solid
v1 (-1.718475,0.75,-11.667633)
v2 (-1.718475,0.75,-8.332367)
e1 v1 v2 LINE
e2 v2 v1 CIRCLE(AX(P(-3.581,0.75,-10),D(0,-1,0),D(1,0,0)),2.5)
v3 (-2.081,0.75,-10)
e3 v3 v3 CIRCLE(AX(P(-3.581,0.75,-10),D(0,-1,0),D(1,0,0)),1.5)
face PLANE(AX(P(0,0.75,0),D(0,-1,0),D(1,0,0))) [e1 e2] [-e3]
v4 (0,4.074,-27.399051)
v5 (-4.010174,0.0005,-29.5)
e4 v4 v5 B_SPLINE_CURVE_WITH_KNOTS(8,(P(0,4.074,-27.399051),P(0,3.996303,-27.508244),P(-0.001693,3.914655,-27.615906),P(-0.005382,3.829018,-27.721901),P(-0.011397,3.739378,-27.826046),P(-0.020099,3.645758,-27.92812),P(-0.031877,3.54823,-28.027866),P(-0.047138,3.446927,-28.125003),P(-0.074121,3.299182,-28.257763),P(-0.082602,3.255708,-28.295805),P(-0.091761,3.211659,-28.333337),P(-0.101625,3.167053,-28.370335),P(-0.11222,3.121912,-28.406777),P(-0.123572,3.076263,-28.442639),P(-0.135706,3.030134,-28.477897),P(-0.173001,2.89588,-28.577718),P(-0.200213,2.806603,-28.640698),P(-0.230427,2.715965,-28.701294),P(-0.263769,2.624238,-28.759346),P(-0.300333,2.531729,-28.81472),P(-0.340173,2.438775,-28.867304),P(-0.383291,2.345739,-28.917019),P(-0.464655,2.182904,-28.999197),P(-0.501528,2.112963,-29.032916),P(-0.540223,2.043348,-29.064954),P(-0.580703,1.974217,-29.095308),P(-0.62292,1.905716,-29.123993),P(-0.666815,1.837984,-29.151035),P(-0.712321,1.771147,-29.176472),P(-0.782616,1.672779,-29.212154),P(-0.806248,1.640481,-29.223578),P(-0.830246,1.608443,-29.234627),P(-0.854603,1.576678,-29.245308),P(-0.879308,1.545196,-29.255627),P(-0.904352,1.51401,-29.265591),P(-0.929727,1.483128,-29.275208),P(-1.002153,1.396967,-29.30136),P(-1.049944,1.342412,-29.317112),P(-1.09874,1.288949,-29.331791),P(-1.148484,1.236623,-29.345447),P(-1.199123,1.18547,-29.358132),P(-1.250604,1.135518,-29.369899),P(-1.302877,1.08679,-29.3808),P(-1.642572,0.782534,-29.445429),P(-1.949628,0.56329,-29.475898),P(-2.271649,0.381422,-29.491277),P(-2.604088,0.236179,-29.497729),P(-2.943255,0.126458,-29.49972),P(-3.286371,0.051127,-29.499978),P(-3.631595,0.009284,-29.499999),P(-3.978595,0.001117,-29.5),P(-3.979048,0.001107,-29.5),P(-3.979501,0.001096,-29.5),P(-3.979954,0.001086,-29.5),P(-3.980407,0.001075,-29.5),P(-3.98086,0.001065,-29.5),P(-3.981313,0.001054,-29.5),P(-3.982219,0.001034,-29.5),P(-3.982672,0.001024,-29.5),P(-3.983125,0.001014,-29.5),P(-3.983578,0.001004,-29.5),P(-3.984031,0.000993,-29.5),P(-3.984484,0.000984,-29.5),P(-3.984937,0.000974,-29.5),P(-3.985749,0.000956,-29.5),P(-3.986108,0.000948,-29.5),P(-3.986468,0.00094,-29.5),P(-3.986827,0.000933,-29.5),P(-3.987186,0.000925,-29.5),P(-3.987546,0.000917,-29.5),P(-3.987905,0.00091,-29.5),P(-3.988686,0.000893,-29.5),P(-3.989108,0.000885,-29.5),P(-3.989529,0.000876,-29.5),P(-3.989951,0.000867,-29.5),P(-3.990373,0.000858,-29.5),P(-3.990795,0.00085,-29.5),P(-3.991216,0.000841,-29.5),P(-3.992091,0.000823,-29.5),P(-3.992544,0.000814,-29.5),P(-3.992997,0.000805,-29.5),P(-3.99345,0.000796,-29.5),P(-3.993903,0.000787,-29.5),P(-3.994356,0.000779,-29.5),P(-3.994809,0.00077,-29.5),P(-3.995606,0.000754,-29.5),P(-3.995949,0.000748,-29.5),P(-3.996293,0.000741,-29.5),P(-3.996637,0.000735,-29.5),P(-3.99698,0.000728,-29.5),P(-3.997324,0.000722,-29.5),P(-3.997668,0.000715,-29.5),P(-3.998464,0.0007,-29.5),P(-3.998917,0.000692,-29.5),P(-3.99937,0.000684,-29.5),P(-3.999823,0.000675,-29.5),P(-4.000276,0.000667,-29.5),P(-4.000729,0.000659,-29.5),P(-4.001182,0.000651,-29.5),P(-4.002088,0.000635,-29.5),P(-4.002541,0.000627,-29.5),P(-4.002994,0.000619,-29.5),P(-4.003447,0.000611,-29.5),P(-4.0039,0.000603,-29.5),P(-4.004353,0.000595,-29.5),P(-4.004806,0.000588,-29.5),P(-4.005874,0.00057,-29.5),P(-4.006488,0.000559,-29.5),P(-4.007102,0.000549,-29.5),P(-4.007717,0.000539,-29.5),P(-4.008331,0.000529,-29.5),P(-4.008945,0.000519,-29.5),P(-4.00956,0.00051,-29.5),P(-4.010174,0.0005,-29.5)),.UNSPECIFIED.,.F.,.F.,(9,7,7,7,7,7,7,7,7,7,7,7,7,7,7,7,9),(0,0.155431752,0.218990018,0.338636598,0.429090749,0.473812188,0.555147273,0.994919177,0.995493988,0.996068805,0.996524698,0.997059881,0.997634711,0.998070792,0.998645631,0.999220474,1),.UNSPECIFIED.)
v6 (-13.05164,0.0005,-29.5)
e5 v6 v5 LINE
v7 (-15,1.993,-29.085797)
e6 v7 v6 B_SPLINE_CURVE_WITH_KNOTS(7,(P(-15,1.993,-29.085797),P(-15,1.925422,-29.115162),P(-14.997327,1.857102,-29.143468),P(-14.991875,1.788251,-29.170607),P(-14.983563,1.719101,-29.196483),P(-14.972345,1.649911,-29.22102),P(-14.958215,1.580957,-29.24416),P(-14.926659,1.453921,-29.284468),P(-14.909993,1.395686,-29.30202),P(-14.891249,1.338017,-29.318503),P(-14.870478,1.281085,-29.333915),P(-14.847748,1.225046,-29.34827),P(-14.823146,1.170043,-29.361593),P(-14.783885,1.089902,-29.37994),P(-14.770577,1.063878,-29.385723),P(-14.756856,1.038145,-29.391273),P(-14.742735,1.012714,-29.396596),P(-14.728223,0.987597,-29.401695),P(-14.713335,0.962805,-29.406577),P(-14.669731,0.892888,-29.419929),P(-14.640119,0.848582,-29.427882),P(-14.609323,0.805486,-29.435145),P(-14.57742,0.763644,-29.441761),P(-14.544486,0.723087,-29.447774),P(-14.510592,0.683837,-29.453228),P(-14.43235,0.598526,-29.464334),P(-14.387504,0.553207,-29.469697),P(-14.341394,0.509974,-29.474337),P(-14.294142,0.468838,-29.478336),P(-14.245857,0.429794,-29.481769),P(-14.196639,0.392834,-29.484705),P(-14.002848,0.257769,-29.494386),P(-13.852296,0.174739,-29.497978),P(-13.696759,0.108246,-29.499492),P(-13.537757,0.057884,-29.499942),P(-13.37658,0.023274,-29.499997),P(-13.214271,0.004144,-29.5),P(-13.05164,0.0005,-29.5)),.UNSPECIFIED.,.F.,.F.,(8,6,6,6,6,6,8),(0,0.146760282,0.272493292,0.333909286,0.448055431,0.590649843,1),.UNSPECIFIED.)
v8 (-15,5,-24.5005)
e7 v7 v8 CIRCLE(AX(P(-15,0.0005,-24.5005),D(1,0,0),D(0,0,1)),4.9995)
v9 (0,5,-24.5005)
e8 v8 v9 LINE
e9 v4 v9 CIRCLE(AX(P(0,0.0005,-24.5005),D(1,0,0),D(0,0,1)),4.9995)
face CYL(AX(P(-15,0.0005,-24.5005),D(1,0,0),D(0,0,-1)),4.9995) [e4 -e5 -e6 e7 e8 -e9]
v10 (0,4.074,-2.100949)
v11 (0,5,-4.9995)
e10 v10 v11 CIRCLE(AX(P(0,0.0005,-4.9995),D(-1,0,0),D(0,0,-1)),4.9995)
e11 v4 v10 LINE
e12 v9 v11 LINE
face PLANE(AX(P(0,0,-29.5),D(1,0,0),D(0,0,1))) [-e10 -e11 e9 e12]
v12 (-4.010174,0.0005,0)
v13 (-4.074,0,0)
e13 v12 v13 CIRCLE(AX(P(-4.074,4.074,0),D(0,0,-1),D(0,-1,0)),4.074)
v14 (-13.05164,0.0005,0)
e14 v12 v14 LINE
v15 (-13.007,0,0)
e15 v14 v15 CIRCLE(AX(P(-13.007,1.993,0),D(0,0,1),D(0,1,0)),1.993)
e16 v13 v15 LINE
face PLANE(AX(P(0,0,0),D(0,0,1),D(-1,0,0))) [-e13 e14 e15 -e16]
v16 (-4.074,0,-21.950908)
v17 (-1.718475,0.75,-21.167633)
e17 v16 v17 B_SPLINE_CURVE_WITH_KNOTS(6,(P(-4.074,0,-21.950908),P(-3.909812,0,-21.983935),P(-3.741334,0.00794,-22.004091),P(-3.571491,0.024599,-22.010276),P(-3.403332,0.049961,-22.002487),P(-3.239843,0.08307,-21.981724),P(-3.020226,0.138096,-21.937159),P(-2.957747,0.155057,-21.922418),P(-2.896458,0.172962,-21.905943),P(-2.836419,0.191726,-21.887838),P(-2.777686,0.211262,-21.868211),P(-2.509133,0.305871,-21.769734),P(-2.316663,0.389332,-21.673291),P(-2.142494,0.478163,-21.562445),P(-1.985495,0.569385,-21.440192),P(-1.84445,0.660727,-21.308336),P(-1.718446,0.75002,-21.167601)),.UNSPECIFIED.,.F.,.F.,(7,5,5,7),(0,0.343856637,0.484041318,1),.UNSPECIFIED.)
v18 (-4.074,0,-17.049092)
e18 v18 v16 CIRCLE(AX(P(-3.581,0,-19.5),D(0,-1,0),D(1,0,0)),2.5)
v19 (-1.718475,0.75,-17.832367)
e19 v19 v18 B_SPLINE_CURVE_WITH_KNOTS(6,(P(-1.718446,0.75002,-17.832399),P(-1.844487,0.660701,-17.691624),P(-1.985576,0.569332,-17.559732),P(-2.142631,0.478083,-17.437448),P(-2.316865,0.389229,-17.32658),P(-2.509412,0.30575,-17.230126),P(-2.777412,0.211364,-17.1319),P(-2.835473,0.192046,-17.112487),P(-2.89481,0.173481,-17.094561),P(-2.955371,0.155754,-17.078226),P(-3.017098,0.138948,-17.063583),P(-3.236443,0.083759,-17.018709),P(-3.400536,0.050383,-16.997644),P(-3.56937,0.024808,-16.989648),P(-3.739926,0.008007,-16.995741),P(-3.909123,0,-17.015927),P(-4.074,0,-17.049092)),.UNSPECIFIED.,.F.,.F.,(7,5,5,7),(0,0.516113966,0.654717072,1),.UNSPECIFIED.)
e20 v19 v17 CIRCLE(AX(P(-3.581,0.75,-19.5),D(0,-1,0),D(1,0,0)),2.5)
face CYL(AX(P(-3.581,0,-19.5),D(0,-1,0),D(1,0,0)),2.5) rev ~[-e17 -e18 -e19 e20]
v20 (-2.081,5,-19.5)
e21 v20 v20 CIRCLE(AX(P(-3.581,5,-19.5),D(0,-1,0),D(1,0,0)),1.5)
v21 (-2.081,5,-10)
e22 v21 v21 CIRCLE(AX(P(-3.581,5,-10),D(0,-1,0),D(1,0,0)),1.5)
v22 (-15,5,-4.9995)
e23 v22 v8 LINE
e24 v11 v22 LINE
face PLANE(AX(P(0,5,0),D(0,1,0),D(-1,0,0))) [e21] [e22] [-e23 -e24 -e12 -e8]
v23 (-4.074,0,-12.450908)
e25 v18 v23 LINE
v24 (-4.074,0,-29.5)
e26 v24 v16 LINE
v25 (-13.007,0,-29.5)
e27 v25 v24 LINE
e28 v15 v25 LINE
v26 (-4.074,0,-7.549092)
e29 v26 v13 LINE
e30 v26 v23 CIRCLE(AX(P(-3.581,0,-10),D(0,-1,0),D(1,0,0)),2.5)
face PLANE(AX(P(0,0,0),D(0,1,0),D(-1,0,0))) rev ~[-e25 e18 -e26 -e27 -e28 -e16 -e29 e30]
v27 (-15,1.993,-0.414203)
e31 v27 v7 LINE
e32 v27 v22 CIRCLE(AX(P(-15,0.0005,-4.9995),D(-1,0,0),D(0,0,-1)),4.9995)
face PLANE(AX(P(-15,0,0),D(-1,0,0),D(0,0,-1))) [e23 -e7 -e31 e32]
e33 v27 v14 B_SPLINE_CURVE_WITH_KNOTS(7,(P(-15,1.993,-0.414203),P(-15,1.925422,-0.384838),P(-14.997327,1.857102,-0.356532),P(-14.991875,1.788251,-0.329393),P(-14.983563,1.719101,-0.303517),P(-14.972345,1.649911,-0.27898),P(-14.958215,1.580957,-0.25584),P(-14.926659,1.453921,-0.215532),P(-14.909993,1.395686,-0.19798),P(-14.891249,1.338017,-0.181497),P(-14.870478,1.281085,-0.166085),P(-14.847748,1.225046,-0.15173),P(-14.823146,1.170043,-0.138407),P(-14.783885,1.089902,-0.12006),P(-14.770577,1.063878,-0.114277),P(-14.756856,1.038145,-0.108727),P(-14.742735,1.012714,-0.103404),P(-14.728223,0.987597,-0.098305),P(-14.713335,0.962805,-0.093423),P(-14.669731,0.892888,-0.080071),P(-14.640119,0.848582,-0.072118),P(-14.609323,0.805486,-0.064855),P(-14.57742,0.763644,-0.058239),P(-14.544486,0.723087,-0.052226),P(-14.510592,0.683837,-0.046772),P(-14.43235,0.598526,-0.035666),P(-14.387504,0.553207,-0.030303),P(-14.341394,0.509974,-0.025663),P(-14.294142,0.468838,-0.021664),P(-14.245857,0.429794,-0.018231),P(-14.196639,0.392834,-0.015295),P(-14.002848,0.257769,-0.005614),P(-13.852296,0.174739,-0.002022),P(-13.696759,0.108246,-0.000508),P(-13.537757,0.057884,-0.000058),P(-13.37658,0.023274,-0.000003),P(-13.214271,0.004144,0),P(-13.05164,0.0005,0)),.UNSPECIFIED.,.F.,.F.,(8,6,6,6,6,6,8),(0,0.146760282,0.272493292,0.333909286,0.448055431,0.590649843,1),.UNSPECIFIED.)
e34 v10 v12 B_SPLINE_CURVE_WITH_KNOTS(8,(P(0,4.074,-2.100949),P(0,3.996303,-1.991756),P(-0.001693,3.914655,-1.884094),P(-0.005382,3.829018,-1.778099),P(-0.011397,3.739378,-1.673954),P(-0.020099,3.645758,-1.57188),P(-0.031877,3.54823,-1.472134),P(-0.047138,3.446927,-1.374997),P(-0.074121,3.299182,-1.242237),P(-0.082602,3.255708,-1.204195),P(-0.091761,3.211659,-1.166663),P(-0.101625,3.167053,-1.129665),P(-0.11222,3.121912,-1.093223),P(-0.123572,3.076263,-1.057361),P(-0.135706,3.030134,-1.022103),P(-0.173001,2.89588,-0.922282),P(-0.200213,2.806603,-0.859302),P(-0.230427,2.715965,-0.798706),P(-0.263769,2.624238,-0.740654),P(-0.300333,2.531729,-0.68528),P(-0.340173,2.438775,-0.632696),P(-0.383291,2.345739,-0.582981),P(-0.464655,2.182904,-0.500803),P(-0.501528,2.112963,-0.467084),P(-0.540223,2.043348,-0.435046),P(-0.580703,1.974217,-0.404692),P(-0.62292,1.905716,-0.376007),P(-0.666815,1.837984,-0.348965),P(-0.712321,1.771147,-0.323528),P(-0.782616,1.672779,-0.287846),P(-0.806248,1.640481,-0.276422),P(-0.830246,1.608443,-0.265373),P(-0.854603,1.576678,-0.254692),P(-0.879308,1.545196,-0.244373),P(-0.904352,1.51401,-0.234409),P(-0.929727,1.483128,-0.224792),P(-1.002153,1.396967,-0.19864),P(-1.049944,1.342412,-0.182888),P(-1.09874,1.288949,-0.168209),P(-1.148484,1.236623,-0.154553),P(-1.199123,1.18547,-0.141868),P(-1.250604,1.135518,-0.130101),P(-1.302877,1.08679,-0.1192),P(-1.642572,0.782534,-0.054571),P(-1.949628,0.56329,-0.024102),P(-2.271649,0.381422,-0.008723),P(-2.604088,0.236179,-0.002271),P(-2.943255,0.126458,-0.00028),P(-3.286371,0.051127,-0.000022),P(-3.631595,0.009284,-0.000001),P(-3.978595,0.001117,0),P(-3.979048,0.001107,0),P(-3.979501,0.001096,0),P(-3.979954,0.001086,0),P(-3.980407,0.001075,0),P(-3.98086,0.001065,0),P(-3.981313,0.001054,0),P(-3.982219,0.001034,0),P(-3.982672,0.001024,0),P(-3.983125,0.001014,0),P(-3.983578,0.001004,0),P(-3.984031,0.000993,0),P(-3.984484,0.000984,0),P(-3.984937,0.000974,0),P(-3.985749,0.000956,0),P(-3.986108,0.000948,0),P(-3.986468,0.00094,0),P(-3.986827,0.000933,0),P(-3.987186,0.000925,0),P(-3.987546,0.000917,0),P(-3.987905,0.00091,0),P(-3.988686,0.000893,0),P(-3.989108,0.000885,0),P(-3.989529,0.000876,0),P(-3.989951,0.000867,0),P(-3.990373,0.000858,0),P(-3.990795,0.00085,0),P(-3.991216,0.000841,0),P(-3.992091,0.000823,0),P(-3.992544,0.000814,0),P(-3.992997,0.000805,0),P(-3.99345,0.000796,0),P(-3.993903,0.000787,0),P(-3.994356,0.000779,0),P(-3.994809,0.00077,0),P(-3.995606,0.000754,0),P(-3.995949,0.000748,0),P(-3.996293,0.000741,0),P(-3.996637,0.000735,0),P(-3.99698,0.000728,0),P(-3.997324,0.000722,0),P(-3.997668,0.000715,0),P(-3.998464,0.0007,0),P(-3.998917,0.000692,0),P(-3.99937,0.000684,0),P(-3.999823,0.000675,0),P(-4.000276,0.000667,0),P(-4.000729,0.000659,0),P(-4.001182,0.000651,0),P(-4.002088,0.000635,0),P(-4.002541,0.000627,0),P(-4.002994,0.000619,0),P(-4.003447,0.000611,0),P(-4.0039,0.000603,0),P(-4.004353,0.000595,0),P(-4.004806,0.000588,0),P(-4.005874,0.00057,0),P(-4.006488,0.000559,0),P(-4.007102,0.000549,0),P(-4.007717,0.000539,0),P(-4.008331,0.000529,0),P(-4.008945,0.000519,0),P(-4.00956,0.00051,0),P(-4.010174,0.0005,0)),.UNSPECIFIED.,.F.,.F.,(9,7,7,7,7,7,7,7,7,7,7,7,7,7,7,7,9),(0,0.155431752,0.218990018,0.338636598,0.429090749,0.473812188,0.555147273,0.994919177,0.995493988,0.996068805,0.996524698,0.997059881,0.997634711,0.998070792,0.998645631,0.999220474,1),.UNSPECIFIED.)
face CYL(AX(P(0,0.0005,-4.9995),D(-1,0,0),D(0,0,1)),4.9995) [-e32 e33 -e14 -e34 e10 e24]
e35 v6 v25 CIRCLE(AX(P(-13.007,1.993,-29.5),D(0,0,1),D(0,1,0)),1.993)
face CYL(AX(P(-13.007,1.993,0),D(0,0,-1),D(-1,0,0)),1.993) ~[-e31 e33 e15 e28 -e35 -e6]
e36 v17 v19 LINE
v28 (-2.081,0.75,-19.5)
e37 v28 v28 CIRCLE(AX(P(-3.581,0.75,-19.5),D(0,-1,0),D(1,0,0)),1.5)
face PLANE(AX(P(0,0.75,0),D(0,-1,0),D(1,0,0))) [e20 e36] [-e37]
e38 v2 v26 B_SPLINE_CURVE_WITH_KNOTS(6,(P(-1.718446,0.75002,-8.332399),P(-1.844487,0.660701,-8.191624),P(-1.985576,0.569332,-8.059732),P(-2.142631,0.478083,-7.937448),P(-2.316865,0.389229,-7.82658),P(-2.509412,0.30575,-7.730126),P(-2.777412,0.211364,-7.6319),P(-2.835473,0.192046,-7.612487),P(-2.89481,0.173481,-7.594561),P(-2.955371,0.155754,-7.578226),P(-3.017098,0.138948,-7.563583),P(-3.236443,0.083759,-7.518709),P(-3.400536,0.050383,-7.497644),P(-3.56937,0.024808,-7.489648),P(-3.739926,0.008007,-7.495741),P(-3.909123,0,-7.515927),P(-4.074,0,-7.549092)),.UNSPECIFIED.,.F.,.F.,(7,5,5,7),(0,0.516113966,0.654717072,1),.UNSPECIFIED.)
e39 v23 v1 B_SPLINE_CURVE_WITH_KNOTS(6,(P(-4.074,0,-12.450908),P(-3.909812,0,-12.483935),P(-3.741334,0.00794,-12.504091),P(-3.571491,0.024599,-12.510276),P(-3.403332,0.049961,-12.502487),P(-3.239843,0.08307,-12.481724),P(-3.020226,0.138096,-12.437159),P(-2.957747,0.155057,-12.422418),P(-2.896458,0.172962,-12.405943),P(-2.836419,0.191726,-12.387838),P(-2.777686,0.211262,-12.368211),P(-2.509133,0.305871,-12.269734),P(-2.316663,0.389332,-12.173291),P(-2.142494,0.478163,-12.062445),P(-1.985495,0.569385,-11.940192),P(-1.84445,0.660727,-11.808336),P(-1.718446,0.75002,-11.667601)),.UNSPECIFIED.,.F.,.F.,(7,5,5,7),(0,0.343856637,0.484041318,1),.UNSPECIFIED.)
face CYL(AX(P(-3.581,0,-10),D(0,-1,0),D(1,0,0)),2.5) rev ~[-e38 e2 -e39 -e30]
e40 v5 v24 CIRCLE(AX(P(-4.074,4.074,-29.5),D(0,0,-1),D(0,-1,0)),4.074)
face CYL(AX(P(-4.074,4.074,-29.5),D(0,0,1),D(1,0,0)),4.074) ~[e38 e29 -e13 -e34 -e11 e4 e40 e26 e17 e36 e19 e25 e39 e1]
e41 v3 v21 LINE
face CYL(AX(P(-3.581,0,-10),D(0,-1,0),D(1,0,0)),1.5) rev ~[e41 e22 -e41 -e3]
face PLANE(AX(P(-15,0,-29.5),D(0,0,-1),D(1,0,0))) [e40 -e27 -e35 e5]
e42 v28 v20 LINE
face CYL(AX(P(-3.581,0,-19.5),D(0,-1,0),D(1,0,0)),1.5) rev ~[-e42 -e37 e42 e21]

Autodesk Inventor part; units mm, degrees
ref_plane "YZ Plane" through (0, 0, 0) normal (1, 0, 0) x (0, 1, 0)
ref_plane "XZ Plane" through (0, 0, 0) normal (0, 1, 0) x (-1, 0, 0)
ref_plane "XY Plane" through (0, 0, 0) normal (0, 0, 1) x (1, 0, 0)
sketch "Sketch1" plane through (0, 0, 0) normal (0, 1, 0) x (-1, 0, 0)
  line L0 (0, 0) -> (15, 0)
  line L1 (15, 0) -> (15, -29.5)
  line L2 (15, -29.5) -> (0, -29.5)
  line L3 (0, -29.5) -> (0, 0)
  dimension "d0" = 15
  dimension "d1" = 29.5
extrude "Extrusion1" add sketch "Sketch1" along normal blind 5
fillet "Fillet1" radius 5 2 edges at (-7.5, 5, 0) (-7.5, 5, -29.5)
fillet "Fillet2" radius 4.074 1 edges at (0, 0, -14.75)
sketch "Sketch2" plane through (0, 0, 0) normal (0, -1, 0) x (1, 0, 0)
  circle A0 centre (-3.581, -10) radius 1.5
  line L0 (-15, -29.5) -> (-15, 0) projected
  line L1 (-15, -14.75) -> (-4.074, -14.75)
  line L2 (-4.074, 0) -> (-4.074, -29.5) projected
  circle A1 centre (-3.581, -19.5) radius 1.5
  line L3 (0, -27.3987) -> (0, -2.1013) projected
  point P0 (0, 0)
  dimension "d6" = 3
  dimension "d7" = 4.75
  dimension "d8" = 10.926
  dimension "d10" = 3
  dimension "d11" = 4.75
  dimension "d15" = 3.581
  dimension "d16" = 3.581
extrude "Extrusion2" cut sketch "Sketch2" against normal up to surface (5 mm away)
fillet "Fillet3" radius 1.993 1 edges at (-15, 0, -14.75)
sketch "Sketch3" plane through (0, 0, 0) normal (0, -1, 0) x (1, 0, 0)
  circle A0 centre (-3.581, -10) radius 2.5
  circle A1 centre (-3.581, -19.5) radius 2.5
  circle A2 centre (-3.581, -10) radius 1.5 projected
  circle A3 centre (-3.581, -19.5) radius 1.5 projected
  point P0 (0, 0)
  dimension "d18" = 5
  dimension "d19" = 5
  dimension "d20" = 0
  dimension "d21" = 0
  dimension "d22" = 0
  dimension "d23" = 0
extrude "Extrusion3" cut sketch "Sketch3" against normal blind 0.75
properties part number "bottomclip" material "ABS Plastic"
